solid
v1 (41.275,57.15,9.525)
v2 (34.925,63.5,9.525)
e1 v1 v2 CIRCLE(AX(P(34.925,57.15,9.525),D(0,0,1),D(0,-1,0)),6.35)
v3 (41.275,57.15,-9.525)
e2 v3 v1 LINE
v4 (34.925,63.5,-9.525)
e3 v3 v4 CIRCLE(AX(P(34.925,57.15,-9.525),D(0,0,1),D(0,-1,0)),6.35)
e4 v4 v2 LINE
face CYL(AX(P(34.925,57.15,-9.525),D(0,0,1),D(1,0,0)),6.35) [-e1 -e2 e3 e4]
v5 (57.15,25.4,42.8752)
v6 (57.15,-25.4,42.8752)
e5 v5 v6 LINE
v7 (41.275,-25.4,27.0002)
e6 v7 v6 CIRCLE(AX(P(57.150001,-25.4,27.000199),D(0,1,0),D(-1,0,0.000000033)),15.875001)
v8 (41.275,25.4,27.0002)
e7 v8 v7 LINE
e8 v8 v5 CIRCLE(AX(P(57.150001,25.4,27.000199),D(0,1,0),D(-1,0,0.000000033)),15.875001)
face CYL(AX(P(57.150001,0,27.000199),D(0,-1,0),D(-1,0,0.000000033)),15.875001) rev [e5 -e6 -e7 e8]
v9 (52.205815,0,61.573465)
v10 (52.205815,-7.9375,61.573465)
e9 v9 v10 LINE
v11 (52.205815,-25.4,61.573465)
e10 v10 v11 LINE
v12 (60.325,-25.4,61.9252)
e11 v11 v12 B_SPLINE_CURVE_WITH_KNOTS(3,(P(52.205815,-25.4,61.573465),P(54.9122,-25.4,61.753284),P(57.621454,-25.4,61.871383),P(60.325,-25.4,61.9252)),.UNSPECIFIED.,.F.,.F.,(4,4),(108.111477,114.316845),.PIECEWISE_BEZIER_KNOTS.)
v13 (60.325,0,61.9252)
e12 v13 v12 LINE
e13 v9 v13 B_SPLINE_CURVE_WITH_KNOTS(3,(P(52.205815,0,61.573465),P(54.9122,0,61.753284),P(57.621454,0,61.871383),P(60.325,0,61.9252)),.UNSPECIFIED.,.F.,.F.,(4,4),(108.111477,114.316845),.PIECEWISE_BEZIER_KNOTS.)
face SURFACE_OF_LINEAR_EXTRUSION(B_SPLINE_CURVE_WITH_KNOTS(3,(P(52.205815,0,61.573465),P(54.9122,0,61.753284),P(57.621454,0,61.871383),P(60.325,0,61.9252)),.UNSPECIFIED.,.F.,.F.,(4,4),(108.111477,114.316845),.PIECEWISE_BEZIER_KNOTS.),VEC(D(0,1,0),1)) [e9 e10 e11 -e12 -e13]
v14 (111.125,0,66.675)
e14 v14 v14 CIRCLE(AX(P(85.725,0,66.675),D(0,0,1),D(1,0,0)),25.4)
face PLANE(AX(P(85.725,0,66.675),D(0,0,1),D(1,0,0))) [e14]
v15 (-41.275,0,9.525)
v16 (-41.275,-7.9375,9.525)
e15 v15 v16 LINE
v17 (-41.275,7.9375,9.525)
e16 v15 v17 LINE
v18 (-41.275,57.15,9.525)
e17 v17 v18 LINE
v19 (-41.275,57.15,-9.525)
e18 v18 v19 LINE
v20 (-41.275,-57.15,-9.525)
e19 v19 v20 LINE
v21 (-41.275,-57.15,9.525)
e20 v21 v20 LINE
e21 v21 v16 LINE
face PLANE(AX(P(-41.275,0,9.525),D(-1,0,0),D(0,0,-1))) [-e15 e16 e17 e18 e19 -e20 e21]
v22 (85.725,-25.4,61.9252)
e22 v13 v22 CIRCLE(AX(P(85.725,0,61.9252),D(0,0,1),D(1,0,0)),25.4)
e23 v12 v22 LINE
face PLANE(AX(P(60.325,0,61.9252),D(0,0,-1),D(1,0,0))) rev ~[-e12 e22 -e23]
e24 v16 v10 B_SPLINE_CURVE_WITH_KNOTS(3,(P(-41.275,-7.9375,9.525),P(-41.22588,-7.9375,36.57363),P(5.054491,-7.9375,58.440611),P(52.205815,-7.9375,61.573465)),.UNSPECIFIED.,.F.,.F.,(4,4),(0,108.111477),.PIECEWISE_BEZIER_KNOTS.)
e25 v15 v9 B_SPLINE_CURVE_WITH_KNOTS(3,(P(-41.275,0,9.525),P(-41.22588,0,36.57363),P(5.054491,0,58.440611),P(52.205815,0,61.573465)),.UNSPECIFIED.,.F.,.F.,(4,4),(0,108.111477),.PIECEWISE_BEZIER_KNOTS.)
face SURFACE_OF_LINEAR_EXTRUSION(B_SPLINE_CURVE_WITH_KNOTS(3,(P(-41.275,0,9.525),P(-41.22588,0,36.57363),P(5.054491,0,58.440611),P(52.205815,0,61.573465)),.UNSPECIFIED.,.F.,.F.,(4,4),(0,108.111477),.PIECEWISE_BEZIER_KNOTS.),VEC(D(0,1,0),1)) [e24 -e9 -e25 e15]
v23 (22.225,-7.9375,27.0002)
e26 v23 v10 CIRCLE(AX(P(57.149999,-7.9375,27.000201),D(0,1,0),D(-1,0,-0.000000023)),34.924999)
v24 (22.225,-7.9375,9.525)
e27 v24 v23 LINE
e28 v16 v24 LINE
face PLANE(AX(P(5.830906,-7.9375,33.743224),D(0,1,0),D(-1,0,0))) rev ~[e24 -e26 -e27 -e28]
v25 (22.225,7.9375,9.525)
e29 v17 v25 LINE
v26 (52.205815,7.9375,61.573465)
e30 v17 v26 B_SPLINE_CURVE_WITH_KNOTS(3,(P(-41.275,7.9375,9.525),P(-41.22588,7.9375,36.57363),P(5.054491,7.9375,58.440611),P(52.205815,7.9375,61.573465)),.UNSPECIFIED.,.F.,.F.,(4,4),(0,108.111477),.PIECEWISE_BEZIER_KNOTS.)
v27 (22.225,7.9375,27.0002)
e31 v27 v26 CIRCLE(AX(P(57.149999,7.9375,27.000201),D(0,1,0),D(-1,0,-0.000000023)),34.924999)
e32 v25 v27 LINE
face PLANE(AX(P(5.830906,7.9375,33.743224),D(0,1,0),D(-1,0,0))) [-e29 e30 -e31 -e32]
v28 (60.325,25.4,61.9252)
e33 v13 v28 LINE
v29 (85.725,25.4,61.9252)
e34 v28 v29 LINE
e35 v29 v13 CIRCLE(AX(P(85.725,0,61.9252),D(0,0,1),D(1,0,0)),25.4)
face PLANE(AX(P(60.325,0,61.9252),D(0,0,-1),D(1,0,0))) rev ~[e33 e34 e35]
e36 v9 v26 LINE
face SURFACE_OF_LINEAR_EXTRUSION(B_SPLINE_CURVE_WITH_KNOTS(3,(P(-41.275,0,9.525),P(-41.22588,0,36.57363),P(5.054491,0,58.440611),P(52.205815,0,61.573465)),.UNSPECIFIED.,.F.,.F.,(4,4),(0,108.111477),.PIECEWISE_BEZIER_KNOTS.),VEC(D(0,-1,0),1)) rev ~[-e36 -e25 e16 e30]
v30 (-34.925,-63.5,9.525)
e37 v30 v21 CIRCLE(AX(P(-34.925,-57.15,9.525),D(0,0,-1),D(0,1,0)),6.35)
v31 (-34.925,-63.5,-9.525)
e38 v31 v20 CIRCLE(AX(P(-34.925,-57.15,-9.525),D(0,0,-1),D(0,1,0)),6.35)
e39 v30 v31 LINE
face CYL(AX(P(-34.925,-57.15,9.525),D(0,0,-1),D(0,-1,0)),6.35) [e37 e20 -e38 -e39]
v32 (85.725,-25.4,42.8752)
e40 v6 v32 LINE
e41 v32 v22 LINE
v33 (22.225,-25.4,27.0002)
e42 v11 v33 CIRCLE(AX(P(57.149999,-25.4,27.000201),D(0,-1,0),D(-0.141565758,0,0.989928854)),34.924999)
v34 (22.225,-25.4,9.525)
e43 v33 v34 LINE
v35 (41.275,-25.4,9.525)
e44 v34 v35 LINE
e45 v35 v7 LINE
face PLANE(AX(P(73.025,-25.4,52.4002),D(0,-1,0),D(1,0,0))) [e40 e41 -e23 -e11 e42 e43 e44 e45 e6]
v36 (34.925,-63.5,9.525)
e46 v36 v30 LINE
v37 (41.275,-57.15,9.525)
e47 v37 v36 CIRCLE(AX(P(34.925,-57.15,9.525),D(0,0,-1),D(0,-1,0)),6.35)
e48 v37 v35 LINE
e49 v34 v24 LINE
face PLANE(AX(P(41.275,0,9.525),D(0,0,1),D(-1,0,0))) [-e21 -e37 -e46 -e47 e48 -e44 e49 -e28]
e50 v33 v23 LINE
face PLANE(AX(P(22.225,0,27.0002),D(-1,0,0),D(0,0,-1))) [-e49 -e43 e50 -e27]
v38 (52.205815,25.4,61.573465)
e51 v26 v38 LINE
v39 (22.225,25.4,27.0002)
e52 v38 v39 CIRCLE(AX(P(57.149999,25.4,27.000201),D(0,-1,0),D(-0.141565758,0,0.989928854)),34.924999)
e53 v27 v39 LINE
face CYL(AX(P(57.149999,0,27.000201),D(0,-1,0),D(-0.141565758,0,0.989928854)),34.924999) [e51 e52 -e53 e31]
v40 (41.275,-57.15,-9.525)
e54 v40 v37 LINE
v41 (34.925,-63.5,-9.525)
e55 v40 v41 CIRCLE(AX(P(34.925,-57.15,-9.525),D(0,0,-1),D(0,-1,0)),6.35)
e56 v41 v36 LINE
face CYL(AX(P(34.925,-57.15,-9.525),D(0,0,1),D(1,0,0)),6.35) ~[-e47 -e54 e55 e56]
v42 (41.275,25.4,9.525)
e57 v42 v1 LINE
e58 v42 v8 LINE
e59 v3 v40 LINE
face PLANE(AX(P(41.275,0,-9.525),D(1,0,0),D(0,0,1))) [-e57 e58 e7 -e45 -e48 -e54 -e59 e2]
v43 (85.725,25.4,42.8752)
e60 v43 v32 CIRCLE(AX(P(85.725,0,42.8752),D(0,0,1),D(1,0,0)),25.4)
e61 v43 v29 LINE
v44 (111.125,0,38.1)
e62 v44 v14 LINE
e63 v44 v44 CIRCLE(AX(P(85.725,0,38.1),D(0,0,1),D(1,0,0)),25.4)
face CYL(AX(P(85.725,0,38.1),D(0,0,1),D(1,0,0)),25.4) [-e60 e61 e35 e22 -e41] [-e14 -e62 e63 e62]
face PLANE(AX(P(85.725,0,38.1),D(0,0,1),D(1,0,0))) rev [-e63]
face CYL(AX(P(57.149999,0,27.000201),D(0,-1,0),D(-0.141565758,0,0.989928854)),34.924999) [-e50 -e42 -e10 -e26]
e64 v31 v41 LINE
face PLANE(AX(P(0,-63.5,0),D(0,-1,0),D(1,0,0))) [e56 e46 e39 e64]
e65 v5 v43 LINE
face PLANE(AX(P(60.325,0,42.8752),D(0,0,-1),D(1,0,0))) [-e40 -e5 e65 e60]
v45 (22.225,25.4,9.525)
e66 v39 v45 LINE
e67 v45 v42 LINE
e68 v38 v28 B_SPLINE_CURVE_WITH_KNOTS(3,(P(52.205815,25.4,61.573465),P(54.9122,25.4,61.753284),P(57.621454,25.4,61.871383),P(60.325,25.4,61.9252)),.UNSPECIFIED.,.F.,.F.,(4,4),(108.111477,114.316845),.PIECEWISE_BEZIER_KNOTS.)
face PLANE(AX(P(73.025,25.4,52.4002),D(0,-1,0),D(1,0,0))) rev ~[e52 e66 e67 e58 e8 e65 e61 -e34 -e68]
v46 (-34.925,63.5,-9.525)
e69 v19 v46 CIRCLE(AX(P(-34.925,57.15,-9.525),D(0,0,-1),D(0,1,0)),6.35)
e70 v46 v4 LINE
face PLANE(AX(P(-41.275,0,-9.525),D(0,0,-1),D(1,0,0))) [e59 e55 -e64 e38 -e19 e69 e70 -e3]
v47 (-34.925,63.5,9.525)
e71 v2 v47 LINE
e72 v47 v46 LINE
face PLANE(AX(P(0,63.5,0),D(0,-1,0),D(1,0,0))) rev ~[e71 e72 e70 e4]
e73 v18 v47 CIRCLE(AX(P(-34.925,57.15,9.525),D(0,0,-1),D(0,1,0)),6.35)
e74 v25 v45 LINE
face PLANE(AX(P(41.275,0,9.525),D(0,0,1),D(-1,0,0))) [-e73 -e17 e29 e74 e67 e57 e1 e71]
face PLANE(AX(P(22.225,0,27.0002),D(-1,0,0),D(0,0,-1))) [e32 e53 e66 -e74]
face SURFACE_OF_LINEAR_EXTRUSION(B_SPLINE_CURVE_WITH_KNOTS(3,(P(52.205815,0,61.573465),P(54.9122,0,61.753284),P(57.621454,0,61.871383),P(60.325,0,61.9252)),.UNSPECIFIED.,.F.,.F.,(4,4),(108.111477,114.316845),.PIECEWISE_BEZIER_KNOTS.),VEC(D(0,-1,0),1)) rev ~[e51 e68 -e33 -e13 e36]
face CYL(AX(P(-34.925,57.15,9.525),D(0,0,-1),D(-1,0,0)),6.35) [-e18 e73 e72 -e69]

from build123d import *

# Parameters (mm, degrees)
F1_DEPTH = 63.5
F2_DEPTH = 25.4
F3_DEPTH = 7.9375
F0_W     = 25.4
F0_H     = 19.05
F4_DEPTH = 25.4
F6_R     = 6.35


with BuildPart() as f1:
    # F0 (on Front) → F1 (new body, symmetric)
    with BuildSketch(Plane.XZ):
        Polygon((-41.275, 9.525), (-41.275, -9.525), (41.275, -9.525), (41.275, 9.525), (22.225, 9.525), align=None)
    extrude(amount=F1_DEPTH, both=True)

    # F0 (on Front) → F2 (join, symmetric)
    with BuildSketch(Plane.XZ):
        with BuildLine():
            Line((22.225, 9.525), (41.275, 9.525))
            Line((41.275, 9.525), (41.275, 27.0002))
            ThreePointArc((41.275, 27.0002), (45.92468, 38.22552), (57.15, 42.8752))
            Line((57.15, 42.8752), (60.325, 42.8752))
            Line((60.325, 42.8752), (60.325, 61.9252))
            add(Edge.make_bspline(
                [(52.205815, 61.573465), (54.9122, 61.753284), (57.621454, 61.871383), (60.325, 61.9252)],
                knots=[108.111477, 108.111477, 108.111477, 108.111477, 114.316845, 114.316845, 114.316845, 114.316845], degree=3))
            ThreePointArc((52.205815, 61.573465), (30.764101, 49.881196), (22.225, 27.0002))
            Line((22.225, 27.0002), (22.225, 9.525))
        make_face()
    extrude(amount=F2_DEPTH, both=True)

    # F0 (on Front) → F3 (join, symmetric)
    with BuildSketch(Plane.XZ):
        with BuildLine():
            add(Edge.make_bspline(
                [(-41.275, 9.525), (-41.22588, 36.57363), (5.054491, 58.440611), (52.205815, 61.573465)],
                knots=[0, 0, 0, 0, 108.111477, 108.111477, 108.111477, 108.111477], degree=3))
            Line((-41.275, 9.525), (22.225, 9.525))
            Line((22.225, 9.525), (22.225, 27.0002))
            ThreePointArc((22.225, 27.0002), (30.764101, 49.881196), (52.205815, 61.573465))
        make_face()
    extrude(amount=F3_DEPTH, both=True)

    # F0 (on Front) → F4 (join, symmetric)
    with BuildSketch(Plane.XZ):
        with Locations((73.025, 52.4002)):
            Rectangle(F0_W, F0_H)
    extrude(amount=F4_DEPTH, both=True)

    # F0 (on Front) → F5 (revolve)
    with BuildSketch(Plane.XZ):
        Polygon((85.725, 66.675), (85.725, 61.9252), (85.725, 42.8752), (85.725, 38.1), (111.125, 38.1), (111.125, 66.675), align=None)
    revolve(axis=Axis((85.725, 0, 52.3875), (0, 0, 1)))

    # F6
    f6_edges = [f1.edges().sort_by_distance(p)[0] for p in [
        (41.275, -63.5, 0),
        (-41.275, -63.5, 0),
        (41.275, 63.5, 0),
        (-41.275, 63.5, 0),
    ]]
    fillet(f6_edges, radius=F6_R)


solid = f1.part
